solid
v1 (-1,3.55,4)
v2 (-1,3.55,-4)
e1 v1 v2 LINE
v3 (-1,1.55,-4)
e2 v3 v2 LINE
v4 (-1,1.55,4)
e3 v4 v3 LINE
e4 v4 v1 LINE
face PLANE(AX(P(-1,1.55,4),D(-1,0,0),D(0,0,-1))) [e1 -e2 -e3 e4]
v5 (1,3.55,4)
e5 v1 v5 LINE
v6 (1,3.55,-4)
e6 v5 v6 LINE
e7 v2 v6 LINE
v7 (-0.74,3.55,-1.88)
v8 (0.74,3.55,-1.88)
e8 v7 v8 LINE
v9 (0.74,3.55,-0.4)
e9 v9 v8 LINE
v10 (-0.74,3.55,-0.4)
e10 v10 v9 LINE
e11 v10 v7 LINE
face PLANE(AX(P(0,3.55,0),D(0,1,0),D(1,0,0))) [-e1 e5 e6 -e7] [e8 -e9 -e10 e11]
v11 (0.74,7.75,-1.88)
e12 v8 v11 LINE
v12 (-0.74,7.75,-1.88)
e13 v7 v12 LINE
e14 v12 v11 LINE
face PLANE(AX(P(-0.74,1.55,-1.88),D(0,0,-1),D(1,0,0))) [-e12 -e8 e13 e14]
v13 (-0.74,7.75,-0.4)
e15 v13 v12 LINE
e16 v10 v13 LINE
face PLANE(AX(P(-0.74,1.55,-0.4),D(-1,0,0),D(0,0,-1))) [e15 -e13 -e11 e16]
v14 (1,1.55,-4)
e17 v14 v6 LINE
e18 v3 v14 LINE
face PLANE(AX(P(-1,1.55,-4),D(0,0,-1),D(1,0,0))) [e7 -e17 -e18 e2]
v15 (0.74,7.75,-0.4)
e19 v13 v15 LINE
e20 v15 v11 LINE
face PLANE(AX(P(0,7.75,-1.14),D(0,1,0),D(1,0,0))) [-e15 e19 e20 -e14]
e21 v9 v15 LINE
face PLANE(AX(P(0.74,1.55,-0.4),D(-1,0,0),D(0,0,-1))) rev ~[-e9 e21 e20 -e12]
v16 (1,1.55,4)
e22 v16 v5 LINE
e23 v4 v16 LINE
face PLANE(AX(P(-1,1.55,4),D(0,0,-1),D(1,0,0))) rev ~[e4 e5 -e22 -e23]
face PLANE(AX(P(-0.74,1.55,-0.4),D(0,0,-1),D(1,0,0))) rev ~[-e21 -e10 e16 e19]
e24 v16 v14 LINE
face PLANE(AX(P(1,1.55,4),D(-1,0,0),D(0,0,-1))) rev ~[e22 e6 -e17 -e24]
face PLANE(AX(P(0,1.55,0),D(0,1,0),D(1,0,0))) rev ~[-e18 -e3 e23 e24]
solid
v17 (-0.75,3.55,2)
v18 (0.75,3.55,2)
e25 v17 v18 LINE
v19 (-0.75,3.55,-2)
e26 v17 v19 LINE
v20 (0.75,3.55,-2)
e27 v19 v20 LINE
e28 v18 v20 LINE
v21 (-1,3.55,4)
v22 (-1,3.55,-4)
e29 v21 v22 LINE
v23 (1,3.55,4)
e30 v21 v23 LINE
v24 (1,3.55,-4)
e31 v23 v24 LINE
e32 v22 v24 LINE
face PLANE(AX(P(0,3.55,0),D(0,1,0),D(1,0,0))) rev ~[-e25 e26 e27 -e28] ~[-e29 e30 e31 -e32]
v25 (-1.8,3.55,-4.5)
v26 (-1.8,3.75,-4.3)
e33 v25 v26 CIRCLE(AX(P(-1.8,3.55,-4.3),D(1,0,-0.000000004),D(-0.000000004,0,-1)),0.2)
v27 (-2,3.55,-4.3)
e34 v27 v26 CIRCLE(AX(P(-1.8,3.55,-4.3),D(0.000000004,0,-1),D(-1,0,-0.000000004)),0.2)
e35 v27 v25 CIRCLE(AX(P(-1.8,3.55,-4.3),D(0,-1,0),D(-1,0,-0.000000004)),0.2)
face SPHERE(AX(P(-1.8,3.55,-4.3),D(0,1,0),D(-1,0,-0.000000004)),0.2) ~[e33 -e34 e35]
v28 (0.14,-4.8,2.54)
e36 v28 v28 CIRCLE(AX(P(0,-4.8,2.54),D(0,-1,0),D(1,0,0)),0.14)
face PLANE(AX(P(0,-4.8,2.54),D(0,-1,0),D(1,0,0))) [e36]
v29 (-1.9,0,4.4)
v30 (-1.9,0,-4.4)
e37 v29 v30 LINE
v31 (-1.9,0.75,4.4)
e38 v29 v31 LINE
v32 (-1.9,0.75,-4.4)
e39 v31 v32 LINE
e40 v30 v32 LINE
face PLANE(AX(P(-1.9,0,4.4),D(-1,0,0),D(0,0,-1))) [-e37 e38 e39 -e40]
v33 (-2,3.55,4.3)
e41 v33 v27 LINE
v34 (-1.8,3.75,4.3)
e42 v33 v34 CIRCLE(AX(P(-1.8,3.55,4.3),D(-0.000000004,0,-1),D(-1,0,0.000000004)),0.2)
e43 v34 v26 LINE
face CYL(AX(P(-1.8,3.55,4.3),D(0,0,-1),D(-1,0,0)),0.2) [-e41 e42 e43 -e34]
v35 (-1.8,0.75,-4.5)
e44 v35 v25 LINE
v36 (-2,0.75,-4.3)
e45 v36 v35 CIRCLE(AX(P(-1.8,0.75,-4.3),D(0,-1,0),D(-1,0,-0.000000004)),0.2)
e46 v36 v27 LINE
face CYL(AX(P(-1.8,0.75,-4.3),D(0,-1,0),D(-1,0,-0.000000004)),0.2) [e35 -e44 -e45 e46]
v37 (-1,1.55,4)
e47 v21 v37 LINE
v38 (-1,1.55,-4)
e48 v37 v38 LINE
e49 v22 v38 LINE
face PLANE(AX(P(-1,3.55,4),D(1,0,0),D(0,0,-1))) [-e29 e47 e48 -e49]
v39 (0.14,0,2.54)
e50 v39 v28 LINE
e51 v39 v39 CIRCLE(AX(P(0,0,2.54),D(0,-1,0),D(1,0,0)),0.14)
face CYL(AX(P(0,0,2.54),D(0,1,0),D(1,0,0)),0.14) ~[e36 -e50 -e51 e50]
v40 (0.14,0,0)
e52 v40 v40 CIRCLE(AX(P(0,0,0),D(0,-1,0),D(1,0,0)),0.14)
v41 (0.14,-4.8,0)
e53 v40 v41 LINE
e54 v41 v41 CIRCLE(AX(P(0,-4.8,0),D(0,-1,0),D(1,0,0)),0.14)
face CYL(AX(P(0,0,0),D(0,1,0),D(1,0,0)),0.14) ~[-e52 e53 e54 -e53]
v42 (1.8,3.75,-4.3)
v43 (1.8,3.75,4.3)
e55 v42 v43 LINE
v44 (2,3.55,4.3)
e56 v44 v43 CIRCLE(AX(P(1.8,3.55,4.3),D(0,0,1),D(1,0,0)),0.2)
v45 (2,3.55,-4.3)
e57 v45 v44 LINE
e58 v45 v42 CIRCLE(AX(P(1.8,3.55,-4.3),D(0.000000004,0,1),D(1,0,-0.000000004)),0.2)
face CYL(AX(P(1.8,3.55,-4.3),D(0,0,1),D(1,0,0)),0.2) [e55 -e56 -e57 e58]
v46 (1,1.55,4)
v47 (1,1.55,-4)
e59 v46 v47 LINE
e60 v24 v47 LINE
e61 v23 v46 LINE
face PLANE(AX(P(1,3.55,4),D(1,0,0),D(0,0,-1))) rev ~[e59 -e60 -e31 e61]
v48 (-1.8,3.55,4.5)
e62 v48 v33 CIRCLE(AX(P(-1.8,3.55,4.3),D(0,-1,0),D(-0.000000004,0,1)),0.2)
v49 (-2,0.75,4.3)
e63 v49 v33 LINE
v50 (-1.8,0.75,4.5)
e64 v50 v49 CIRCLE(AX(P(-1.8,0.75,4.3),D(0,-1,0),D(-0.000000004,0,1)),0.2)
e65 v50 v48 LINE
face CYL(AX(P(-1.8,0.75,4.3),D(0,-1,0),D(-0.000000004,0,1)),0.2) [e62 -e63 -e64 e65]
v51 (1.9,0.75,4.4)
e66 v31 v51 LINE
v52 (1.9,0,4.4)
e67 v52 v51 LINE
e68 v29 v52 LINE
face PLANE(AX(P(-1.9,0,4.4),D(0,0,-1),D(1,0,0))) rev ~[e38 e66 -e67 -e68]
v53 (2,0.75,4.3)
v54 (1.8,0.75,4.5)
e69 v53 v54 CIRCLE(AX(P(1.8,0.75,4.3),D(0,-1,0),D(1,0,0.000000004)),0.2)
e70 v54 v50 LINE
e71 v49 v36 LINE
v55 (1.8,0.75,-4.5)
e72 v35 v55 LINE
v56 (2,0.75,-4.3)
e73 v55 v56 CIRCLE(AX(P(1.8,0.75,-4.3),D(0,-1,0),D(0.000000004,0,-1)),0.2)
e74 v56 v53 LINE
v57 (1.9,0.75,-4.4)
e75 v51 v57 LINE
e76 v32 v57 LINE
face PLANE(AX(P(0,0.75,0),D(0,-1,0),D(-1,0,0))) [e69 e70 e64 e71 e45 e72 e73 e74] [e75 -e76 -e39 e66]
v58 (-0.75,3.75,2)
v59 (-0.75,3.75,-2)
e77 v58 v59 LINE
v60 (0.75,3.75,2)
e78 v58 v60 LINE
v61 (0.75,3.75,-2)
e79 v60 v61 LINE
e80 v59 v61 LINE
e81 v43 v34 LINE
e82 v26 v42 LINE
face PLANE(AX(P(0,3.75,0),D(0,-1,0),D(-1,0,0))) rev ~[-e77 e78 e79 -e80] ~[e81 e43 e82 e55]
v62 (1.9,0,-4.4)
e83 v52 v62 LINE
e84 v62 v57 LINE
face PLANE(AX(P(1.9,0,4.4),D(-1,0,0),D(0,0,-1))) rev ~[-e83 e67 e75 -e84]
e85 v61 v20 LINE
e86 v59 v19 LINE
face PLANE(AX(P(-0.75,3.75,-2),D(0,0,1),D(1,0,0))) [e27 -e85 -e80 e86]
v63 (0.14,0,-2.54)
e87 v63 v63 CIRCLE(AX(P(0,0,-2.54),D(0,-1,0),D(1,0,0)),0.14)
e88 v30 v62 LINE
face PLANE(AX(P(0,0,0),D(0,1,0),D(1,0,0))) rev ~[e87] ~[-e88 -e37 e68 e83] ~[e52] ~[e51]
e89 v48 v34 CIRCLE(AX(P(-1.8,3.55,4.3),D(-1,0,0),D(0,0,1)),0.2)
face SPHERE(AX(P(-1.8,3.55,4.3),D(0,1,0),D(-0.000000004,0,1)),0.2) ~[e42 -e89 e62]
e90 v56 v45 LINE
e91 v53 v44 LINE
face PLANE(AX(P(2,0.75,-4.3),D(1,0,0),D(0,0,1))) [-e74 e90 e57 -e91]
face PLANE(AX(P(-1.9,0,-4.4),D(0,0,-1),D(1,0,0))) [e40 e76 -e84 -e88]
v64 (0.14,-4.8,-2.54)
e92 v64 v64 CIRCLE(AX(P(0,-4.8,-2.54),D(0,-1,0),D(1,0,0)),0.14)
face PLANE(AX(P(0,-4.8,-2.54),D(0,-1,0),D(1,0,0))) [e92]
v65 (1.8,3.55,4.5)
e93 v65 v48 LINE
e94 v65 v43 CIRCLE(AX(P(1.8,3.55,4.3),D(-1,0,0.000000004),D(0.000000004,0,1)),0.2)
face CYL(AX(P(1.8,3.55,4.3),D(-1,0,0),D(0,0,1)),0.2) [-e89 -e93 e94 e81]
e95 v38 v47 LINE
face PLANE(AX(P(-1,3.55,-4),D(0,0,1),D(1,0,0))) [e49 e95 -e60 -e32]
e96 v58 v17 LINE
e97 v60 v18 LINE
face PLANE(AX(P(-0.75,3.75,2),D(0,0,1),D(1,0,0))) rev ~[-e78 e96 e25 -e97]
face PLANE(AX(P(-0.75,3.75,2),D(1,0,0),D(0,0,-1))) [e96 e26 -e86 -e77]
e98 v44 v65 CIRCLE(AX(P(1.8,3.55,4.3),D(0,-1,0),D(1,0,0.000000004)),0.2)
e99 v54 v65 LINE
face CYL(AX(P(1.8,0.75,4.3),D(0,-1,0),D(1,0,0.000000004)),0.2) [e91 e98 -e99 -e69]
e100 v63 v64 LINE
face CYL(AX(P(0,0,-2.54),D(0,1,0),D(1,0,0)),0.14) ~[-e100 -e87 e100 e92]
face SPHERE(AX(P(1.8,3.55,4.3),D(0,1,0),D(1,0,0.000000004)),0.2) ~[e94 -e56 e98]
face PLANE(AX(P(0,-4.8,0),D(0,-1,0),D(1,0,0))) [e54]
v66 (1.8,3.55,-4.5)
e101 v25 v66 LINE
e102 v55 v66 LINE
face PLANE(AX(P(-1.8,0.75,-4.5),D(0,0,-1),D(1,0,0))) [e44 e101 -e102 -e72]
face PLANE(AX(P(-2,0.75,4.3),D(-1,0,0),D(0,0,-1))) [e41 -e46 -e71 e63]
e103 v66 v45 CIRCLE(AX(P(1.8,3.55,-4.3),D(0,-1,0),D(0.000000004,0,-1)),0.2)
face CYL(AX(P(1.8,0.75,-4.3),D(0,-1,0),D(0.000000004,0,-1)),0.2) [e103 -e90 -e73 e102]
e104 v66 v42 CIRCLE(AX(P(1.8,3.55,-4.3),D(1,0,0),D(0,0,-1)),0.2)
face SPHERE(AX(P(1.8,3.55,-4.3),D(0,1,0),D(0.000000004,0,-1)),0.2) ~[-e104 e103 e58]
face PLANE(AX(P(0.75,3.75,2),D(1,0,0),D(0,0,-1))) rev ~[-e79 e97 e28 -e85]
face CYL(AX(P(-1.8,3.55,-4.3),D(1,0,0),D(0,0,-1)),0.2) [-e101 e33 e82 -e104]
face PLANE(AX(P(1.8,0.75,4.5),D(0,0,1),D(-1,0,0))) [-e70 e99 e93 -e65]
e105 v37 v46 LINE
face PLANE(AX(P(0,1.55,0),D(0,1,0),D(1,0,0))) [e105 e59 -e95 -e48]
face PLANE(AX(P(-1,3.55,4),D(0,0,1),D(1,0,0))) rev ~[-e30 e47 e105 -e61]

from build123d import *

# Parameters (mm, degrees)
SKETCH1_W               = 3.8
SKETCH1_H               = 8.8
BOSS_EXTRUDE1_DEPTH     = 0.75
BOSS_EXTRUDE2_DEPTH     = 3
SKETCH3_W               = 1.5
SKETCH3_H               = 4
CUT_EXTRUDE1_DEPTH      = 0.2
FILLET1_R               = 0.2
SKETCH4_W               = 2
SKETCH4_H               = 8
CUT_EXTRUDE2_DEPTH      = 2
SKETCH5_R               = 0.14
BOSS_EXTRUDE3_DEPTH     = 4.8
SKETCH6_W               = 1.48
SKETCH6_H               = 1.48
SWITCH_ON_AND_OFF_DEPTH = 6.2
SKETCH7_W               = 2
SKETCH7_H               = 8
BOSS_EXTRUDE5_DEPTH     = 2


with BuildPart() as part:
    # Sketch1 → Boss-Extrude1 (new body)
    with BuildSketch(Plane(origin=(0, 0, 0), x_dir=(1, 0, 0), z_dir=(0, 1, 0))):
        Rectangle(SKETCH1_W, SKETCH1_H)
    extrude(amount=BOSS_EXTRUDE1_DEPTH)

    # Sketch2 → Boss-Extrude2 (add)
    with BuildSketch(Plane(origin=(0, 0.75, 0), x_dir=(1, 0, 0), z_dir=(0, 1, 0))):
        with BuildLine():
            Line((-1.8, 4.5), (1.8, 4.5))
            ThreePointArc((1.8, 4.5), (1.941421356, 4.441421356), (2, 4.3))
            Line((2, 4.3), (2, -4.3))
            ThreePointArc((2, -4.3), (1.941421356, -4.441421356), (1.8, -4.5))
            Line((1.8, -4.5), (-1.8, -4.5))
            ThreePointArc((-1.8, -4.5), (-1.941421356, -4.441421356), (-2, -4.3))
            Line((-2, -4.3), (-2, 4.3))
            ThreePointArc((-2, 4.3), (-1.941421356, 4.441421356), (-1.8, 4.5))
        make_face()
    extrude(amount=BOSS_EXTRUDE2_DEPTH)

    # Sketch3 → Cut-Extrude1 (cut)
    with BuildSketch(Plane(origin=(0, 3.75, 0), x_dir=(1, 0, 0), z_dir=(0, 1, 0))):
        Rectangle(SKETCH3_W, SKETCH3_H)
    extrude(amount=-CUT_EXTRUDE1_DEPTH, mode=Mode.SUBTRACT)

    # Fillet1
    fillet1_edges = [part.edges().sort_by_distance(p)[0] for p in [
        (-1.941421356, 3.75, -4.441421356),
        (-2, 3.75, 0),
        (-1.941421356, 3.75, 4.441421356),
        (0, 3.75, 4.5),
        (1.941421356, 3.75, 4.441421356),
        (2, 3.75, 0),
        (1.941421356, 3.75, -4.441421356),
        (0, 3.75, -4.5),
    ]]
    fillet(fillet1_edges, radius=FILLET1_R)

    # Sketch4 → Cut-Extrude2 (cut)
    with BuildSketch(Plane(origin=(0, 3.55, 0), x_dir=(1, 0, 0), z_dir=(0, 1, 0))):
        Rectangle(SKETCH4_W, SKETCH4_H)
    extrude(amount=-CUT_EXTRUDE2_DEPTH, mode=Mode.SUBTRACT)

    # Sketch5 → Boss-Extrude3 (add)
    with BuildSketch(Plane.XZ):
        with Locations((0, 2.54)):
            Circle(SKETCH5_R)
        Circle(SKETCH5_R)
        with Locations((0, -2.54)):
            Circle(SKETCH5_R)
    extrude(amount=BOSS_EXTRUDE3_DEPTH)


with BuildPart() as body_2:
    # Sketch6 → Switch ON and OFF (new body)
    with BuildSketch(Plane(origin=(0, 1.55, 0), x_dir=(1, 0, 0), z_dir=(0, 1, 0))):
        with Locations((0, 1.14)):
            Rectangle(SKETCH6_W, SKETCH6_H)
    extrude(amount=SWITCH_ON_AND_OFF_DEPTH)

    # Sketch7 → Boss-Extrude5 (add)
    with BuildSketch(Plane(origin=(0, 1.55, 0), x_dir=(1, 0, 0), z_dir=(0, 1, 0))):
        Rectangle(SKETCH7_W, SKETCH7_H)
    extrude(amount=BOSS_EXTRUDE5_DEPTH)


solid = Compound([part.part, body_2.part])
